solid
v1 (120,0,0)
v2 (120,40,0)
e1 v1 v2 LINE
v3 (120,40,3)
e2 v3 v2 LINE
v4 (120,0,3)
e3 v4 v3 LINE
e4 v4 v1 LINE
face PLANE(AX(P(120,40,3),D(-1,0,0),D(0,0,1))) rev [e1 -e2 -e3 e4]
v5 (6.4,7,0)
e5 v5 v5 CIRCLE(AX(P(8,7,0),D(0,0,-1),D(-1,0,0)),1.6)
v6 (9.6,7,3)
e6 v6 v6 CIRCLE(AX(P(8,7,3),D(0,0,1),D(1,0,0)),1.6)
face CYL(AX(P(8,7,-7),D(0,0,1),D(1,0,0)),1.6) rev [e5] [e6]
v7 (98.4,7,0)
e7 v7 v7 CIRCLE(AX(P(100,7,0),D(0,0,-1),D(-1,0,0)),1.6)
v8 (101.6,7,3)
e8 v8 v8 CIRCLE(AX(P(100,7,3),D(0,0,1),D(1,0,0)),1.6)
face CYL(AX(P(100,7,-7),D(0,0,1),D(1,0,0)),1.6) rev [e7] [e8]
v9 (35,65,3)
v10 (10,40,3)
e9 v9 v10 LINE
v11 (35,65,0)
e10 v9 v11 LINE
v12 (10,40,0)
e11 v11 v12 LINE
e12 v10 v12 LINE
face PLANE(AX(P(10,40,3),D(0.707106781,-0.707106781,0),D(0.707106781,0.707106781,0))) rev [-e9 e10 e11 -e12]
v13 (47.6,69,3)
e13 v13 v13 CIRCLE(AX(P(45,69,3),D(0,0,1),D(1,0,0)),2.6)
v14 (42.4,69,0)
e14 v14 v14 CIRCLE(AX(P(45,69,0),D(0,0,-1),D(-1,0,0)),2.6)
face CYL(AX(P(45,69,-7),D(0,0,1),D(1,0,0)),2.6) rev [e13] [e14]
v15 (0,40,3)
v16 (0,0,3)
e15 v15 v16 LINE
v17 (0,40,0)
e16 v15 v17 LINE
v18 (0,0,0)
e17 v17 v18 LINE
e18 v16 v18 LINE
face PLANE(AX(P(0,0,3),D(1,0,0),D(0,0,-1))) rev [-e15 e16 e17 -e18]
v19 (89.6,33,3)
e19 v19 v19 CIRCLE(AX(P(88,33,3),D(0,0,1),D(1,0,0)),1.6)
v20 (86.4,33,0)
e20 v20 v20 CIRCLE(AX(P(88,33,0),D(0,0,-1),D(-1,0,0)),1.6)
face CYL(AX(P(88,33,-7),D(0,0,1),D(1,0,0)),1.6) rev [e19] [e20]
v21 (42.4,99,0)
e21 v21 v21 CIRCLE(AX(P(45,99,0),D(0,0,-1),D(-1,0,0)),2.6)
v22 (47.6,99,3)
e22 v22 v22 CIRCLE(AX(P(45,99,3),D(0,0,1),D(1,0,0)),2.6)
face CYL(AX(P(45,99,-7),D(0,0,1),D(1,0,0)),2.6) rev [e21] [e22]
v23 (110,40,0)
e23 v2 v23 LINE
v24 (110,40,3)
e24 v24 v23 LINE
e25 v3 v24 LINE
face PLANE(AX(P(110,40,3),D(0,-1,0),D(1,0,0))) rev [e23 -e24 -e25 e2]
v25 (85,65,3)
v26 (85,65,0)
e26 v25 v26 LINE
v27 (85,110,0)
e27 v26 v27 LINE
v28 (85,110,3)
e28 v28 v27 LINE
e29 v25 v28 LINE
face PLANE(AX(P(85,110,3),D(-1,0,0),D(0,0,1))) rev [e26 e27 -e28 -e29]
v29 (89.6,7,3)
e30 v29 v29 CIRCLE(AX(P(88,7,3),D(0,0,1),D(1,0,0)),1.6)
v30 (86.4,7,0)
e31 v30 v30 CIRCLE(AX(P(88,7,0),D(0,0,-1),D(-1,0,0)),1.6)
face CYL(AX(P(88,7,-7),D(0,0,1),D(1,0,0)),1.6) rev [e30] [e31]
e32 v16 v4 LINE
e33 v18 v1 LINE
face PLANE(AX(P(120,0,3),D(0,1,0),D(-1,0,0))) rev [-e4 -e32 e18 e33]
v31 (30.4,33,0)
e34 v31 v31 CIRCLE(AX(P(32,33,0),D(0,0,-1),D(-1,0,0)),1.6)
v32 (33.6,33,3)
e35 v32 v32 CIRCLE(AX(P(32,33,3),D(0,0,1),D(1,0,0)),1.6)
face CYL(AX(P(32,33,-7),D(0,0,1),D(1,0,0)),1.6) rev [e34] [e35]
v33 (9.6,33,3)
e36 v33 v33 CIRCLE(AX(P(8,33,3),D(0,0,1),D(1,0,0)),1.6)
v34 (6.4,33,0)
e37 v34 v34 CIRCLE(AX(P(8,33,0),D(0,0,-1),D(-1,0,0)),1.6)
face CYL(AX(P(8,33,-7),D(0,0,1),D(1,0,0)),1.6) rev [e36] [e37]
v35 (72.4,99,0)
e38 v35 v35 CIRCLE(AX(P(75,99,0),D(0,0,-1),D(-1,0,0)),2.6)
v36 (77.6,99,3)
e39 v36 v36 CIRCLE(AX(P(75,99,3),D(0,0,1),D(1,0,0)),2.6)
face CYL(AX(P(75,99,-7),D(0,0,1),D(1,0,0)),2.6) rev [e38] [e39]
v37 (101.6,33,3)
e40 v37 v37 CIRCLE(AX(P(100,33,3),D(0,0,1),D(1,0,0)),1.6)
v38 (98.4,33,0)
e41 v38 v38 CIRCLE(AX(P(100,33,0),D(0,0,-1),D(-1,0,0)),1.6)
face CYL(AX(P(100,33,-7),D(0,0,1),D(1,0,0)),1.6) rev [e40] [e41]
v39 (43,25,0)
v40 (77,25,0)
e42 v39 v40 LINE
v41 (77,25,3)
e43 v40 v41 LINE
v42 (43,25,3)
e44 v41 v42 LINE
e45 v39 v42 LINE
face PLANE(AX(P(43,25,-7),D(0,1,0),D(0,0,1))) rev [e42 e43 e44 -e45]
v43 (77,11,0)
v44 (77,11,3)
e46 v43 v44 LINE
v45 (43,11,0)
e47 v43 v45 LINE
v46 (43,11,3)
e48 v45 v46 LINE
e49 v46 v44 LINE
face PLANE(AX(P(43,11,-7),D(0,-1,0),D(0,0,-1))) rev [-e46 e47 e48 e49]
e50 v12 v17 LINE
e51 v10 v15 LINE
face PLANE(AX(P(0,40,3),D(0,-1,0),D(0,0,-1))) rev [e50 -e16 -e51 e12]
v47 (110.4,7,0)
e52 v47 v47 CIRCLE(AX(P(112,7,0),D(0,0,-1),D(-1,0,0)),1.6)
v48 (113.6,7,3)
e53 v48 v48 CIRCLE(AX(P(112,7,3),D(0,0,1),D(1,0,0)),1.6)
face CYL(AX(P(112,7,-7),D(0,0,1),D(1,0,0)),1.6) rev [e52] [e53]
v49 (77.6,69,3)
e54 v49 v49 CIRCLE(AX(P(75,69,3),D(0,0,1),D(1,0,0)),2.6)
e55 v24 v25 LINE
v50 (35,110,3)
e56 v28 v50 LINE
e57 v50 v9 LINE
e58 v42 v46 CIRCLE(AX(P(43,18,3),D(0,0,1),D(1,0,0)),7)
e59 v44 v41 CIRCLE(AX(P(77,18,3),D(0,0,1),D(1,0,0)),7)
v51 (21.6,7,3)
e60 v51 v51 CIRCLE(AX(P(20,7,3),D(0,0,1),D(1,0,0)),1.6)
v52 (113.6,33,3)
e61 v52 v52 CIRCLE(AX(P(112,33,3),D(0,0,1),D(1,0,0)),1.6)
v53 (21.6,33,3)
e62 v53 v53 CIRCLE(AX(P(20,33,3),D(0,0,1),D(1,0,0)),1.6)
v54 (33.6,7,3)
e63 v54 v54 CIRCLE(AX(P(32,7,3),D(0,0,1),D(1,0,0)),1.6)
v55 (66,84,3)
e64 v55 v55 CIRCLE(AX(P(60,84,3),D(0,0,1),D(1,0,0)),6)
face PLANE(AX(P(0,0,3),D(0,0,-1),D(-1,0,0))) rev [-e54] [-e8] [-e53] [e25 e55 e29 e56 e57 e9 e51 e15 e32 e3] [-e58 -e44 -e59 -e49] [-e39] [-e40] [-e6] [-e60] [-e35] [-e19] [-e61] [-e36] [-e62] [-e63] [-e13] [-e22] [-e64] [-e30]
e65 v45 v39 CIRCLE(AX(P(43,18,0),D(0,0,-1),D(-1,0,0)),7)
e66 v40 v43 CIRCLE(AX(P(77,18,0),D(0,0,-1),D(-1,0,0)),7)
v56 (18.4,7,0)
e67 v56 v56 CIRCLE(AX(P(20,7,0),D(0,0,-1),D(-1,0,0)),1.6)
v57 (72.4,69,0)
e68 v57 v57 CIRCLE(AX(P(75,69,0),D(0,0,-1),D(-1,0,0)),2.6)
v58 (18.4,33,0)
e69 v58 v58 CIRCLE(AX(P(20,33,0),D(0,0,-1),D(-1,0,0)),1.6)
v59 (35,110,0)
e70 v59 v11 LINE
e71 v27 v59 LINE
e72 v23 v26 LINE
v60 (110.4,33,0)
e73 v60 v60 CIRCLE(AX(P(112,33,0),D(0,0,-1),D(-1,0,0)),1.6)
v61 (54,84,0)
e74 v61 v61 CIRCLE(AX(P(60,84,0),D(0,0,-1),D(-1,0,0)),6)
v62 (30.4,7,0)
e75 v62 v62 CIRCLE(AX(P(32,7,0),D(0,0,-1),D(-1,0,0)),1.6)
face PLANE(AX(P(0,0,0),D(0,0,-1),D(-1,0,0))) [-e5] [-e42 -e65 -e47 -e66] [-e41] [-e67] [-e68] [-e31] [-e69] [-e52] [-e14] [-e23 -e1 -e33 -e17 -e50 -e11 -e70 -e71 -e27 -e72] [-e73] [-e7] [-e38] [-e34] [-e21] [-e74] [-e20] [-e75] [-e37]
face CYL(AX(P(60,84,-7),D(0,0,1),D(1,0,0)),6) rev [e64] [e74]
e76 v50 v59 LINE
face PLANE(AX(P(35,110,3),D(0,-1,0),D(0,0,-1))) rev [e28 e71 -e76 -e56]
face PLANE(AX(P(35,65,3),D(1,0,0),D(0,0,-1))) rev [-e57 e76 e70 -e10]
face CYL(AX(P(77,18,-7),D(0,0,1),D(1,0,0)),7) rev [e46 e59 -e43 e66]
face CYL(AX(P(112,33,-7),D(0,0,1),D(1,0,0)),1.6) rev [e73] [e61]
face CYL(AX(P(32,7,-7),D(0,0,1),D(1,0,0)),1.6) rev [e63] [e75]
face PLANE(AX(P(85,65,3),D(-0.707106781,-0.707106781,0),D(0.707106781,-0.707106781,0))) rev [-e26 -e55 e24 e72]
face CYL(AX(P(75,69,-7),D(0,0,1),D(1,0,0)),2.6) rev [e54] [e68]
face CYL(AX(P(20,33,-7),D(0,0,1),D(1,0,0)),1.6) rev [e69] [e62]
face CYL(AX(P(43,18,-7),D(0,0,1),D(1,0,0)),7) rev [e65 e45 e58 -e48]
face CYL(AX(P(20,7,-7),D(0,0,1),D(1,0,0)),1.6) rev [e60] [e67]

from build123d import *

# Parameters (mm, degrees)
EXTRUDE_1_DEPTH     = 3
SKETCH_2_R          = 2.6
SKETCH_2_R_2        = 1.6
SKETCH_2_R_3        = 6
CUT_EXTRUDE_1_DEPTH = 10


with BuildPart() as part:
    # 草图1 → 凸台-拉伸1 (new body)
    with BuildSketch(Plane.XY):
        Polygon((0, 0), (0, 40), (10, 40), (35, 65), (35, 110), (85, 110), (85, 65), (110, 40), (120, 40), (120, 0), align=None)
    extrude(amount=EXTRUDE_1_DEPTH)

    # 草图2 → 切除-拉伸1 (cut)
    with BuildSketch(Plane.XY.offset(3)):
        with Locations((45, 99)):
            Circle(SKETCH_2_R)
        with Locations((75, 99)):
            Circle(SKETCH_2_R)
        with Locations((75, 69)):
            Circle(SKETCH_2_R)
        with Locations((45, 69)):
            Circle(SKETCH_2_R)
        with Locations((8, 33)):
            Circle(SKETCH_2_R_2)
        with Locations((8, 7)):
            Circle(SKETCH_2_R_2)
        with Locations((112, 33)):
            Circle(SKETCH_2_R_2)
        with Locations((112, 7)):
            Circle(SKETCH_2_R_2)
        with Locations((20, 33)):
            Circle(SKETCH_2_R_2)
        with Locations((100, 33)):
            Circle(SKETCH_2_R_2)
        with Locations((20, 7)):
            Circle(SKETCH_2_R_2)
        with Locations((100, 7)):
            Circle(SKETCH_2_R_2)
        with Locations((32, 33)):
            Circle(SKETCH_2_R_2)
        with Locations((32, 7)):
            Circle(SKETCH_2_R_2)
        with Locations((88, 33)):
            Circle(SKETCH_2_R_2)
        with Locations((88, 7)):
            Circle(SKETCH_2_R_2)
        with Locations((60, 84)):
            Circle(SKETCH_2_R_3)
        with BuildLine():
            Line((43, 25), (77, 25))
            ThreePointArc((77, 25), (84, 18), (77, 11))
            Line((77, 11), (43, 11))
            ThreePointArc((43, 11), (36, 18), (43, 25))
        make_face()
    extrude(amount=-CUT_EXTRUDE_1_DEPTH, mode=Mode.SUBTRACT)


solid = part.part
